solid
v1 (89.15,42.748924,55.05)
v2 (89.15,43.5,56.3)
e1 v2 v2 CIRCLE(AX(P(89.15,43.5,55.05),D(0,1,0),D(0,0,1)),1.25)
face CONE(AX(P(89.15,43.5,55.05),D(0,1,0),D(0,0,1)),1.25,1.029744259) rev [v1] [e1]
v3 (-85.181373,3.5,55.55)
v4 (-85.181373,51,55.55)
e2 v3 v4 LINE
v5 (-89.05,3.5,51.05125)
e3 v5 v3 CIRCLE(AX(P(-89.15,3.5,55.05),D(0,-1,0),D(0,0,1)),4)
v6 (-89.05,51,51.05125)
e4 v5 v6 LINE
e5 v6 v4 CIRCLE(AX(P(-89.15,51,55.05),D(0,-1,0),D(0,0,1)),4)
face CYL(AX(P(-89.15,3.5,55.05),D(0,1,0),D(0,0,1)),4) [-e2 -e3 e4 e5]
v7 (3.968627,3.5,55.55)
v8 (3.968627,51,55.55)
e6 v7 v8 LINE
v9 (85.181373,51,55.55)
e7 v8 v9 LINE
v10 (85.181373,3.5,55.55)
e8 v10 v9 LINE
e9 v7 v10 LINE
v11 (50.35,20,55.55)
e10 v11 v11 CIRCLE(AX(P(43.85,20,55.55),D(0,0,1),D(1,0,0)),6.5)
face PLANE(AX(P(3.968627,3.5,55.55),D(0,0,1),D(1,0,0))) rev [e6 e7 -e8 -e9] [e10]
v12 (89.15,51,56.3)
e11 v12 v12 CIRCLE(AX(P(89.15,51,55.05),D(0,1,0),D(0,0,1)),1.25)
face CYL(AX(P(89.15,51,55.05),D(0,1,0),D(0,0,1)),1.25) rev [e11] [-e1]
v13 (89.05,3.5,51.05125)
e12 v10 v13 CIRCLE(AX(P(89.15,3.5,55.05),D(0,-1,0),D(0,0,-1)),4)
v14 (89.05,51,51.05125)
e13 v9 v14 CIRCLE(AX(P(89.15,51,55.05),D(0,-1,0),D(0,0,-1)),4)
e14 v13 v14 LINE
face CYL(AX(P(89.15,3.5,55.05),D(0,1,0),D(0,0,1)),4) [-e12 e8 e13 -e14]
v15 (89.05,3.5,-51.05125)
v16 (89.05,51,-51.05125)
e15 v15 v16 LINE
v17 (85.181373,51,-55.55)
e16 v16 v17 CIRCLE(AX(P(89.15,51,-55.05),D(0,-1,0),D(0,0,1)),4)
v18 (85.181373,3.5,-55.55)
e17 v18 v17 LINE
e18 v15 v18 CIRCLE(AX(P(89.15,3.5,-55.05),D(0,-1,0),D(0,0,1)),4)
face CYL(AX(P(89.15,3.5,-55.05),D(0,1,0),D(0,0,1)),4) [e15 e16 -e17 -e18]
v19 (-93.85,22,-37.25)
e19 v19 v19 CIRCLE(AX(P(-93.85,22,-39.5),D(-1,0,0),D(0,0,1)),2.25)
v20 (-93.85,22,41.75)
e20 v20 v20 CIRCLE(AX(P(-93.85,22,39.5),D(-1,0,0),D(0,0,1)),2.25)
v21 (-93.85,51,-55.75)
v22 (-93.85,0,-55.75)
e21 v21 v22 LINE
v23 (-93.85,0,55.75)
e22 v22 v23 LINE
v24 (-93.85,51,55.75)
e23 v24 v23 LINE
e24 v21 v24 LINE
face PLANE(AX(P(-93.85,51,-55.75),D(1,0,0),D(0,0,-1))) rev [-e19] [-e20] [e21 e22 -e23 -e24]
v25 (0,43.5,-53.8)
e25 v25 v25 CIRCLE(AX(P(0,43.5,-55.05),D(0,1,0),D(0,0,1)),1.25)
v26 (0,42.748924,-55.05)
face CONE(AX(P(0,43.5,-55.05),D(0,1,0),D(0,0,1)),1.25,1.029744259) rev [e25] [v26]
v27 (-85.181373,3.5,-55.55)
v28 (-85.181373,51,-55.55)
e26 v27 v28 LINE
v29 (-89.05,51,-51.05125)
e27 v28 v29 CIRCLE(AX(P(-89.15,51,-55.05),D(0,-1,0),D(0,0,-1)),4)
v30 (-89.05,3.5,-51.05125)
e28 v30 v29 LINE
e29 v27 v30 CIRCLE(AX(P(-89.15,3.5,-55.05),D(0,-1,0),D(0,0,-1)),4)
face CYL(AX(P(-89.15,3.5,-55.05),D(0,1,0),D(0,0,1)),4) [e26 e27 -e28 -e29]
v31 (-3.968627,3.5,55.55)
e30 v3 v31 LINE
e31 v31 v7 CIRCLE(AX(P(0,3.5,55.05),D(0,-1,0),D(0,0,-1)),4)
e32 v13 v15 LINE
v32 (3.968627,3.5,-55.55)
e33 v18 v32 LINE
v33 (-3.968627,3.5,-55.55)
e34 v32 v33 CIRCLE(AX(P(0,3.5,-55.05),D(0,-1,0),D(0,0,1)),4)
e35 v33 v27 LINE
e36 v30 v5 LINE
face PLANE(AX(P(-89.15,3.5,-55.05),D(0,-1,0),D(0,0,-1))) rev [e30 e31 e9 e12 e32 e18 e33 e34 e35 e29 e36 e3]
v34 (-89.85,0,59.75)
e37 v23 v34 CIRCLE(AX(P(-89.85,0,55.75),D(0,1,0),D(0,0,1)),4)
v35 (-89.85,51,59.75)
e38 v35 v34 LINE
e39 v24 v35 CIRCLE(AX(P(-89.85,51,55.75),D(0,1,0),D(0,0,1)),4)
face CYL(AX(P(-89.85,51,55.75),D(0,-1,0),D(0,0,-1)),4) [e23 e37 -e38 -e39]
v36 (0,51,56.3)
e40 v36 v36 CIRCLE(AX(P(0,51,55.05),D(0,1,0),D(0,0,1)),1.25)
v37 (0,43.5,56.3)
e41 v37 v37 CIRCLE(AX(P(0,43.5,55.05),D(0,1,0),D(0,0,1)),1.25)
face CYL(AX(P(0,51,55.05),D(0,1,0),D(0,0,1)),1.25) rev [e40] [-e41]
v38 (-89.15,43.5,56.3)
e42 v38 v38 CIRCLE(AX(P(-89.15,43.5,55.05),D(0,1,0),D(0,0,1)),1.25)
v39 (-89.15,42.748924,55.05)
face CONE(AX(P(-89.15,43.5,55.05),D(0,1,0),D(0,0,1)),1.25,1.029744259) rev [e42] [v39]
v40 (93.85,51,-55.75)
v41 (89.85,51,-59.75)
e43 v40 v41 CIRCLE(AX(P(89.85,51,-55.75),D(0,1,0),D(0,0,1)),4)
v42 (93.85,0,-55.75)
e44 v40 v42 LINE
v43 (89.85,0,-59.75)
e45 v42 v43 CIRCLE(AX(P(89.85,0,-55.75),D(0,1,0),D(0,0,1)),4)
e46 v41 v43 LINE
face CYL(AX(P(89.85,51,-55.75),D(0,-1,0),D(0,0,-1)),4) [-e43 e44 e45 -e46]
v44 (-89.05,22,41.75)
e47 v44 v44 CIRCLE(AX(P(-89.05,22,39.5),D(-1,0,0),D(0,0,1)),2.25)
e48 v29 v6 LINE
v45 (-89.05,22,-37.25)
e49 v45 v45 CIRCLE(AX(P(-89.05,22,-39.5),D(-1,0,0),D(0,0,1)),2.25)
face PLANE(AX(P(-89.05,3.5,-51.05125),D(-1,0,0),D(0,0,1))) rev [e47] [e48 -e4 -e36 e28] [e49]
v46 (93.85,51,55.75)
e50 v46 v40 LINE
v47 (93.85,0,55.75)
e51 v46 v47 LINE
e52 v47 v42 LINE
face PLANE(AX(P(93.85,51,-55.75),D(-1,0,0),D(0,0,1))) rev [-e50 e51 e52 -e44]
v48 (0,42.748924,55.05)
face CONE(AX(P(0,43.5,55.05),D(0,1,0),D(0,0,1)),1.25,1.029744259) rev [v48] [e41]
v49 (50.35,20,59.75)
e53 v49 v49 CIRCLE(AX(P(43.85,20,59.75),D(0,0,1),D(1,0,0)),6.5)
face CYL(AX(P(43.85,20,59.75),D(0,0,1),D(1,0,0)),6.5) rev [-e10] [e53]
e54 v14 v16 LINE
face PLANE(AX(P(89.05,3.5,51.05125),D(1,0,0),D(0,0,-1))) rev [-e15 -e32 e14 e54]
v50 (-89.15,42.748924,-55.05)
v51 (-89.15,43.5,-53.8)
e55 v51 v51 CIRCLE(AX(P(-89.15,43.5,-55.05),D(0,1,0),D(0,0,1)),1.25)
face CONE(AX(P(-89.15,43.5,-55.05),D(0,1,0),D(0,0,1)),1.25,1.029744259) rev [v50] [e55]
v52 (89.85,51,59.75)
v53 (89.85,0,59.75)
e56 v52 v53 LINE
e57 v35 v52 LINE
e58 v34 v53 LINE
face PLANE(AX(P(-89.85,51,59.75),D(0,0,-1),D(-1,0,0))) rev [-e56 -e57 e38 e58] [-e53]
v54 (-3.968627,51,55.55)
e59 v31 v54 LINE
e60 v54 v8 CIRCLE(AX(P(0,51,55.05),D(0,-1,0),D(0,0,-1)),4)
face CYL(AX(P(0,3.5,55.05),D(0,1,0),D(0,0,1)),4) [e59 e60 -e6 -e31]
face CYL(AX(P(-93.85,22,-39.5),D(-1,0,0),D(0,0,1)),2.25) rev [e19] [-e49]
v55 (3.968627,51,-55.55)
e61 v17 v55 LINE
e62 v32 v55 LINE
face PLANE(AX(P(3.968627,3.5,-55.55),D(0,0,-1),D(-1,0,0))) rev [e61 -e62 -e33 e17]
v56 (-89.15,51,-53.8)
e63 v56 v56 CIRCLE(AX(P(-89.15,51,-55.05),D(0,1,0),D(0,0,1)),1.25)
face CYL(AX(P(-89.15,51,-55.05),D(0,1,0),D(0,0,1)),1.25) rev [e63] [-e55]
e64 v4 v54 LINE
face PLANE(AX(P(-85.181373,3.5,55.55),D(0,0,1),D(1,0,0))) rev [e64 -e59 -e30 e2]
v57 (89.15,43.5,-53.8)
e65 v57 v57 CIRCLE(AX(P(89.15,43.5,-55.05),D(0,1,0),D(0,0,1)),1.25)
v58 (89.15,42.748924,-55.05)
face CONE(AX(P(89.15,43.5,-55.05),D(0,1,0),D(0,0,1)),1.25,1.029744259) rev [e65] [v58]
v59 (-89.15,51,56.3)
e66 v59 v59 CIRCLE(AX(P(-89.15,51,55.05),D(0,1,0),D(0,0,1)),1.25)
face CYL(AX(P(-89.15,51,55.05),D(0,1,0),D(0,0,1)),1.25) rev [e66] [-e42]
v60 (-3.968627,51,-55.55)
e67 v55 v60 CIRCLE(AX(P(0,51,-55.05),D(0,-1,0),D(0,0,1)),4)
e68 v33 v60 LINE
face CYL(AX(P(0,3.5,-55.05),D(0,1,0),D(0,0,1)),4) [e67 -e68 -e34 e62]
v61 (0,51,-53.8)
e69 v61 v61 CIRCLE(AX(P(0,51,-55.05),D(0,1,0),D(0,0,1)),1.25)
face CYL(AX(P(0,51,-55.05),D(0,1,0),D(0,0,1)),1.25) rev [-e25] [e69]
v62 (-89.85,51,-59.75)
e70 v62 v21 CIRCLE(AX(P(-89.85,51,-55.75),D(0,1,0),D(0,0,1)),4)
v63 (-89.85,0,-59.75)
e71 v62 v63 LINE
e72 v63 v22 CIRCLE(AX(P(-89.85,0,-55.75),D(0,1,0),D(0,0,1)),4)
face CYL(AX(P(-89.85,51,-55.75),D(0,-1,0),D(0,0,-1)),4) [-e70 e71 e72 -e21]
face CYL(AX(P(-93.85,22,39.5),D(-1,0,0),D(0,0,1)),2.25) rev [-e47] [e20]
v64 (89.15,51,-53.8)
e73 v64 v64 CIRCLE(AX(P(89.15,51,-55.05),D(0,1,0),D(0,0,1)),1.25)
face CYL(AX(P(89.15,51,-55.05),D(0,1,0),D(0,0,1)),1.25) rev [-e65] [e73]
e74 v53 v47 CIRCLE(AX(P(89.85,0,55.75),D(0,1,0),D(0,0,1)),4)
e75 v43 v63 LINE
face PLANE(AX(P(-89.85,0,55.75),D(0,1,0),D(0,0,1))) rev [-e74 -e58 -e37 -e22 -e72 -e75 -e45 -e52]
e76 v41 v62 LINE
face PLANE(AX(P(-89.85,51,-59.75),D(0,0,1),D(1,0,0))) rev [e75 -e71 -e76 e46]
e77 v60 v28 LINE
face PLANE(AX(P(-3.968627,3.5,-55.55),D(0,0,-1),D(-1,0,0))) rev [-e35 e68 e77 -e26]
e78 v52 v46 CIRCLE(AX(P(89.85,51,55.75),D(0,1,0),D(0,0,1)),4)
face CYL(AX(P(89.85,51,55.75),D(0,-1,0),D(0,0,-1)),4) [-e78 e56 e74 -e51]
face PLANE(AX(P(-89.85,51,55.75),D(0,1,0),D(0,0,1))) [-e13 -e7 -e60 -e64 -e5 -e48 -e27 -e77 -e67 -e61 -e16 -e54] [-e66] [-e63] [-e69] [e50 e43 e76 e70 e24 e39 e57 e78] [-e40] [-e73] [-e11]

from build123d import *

# Parameters (mm, degrees)
BOSS_EXTRUDE1_DEPTH            = 51
CUT_EXTRUDE1_DEPTH             = 47.5
M3X0_5_TAPPED_HOLE1_D          = 2.5
M3X0_5_TAPPED_HOLE1_DEPTH      = 7.5
M3X0_5_TAPPED_HOLE1_TIP        = 0.751075774
M4_CLEARANCE_HOLE2_D           = 4.5
M4_CLEARANCE_HOLE2_DEPTH       = 4.8
F_13_0_13_DIAMETER_HOLE1_D     = 13
F_13_0_13_DIAMETER_HOLE1_DEPTH = 4.2


with BuildPart() as part:
    # Sketch1 → Boss-Extrude1 (new body)
    with BuildSketch(Plane(origin=(0, 0, 0), x_dir=(1, 0, 0), z_dir=(0, 1, 0))):
        with BuildLine():
            Line((-89.85, 59.75), (89.85, 59.75))
            ThreePointArc((89.85, 59.75), (92.678427125, 58.578427125), (93.85, 55.75))
            Line((93.85, 55.75), (93.85, -55.75))
            ThreePointArc((93.85, -55.75), (92.678427125, -58.578427125), (89.85, -59.75))
            Line((89.85, -59.75), (-89.85, -59.75))
            ThreePointArc((-89.85, -59.75), (-92.678427125, -58.578427125), (-93.85, -55.75))
            Line((-93.85, -55.75), (-93.85, 55.75))
            ThreePointArc((-93.85, 55.75), (-92.678427125, 58.578427125), (-89.85, 59.75))
        make_face()
    extrude(amount=BOSS_EXTRUDE1_DEPTH)

    # Sketch2 → Cut-Extrude1 (cut)
    with BuildSketch(Plane(origin=(0, 51, 0), x_dir=(1, 0, 0), z_dir=(0, 1, 0))):
        with BuildLine():
            Line((-89.05, 51.051250195), (-89.05, -51.051250195))
            ThreePointArc((-89.05, -51.051250195), (-86.117159945, -52.441958359), (-85.181373033, -55.55))
            Line((-85.181373033, -55.55), (-3.968626967, -55.55))
            ThreePointArc((-3.968626967, -55.55), (0, -51.05), (3.968626967, -55.55))
            Line((3.968626967, -55.55), (85.181373033, -55.55))
            ThreePointArc((85.181373033, -55.55), (86.117159945, -52.441958359), (89.05, -51.051250195))
            Line((89.05, -51.051250195), (89.05, 51.051250195))
            ThreePointArc((89.05, 51.051250195), (86.117159945, 52.441958359), (85.181373033, 55.55))
            Line((85.181373033, 55.55), (3.968626967, 55.55))
            ThreePointArc((3.968626967, 55.55), (0, 51.05), (-3.968626967, 55.55))
            Line((-3.968626967, 55.55), (-85.181373033, 55.55))
            ThreePointArc((-85.181373033, 55.55), (-86.117159945, 52.441958359), (-89.05, 51.051250195))
        make_face()
    extrude(amount=-CUT_EXTRUDE1_DEPTH, mode=Mode.SUBTRACT)

    # M3x0.5 Tapped Hole1
    with Locations(Plane(origin=(0, 51, 0), x_dir=(1, 0, 0), z_dir=(0, 1, 0))):
        with Locations((-89.15, 55.05), (-89.15, -55.05), (89.15, -55.05), (89.15, 55.05), (0, -55.05), (0, 55.05)):
            Hole(M3X0_5_TAPPED_HOLE1_D / 2, depth=M3X0_5_TAPPED_HOLE1_DEPTH)
            with Locations((0, 0, -(M3X0_5_TAPPED_HOLE1_DEPTH + M3X0_5_TAPPED_HOLE1_TIP / 2))):  # 118° drill point
                Cone(0, M3X0_5_TAPPED_HOLE1_D / 2, M3X0_5_TAPPED_HOLE1_TIP, mode=Mode.SUBTRACT)

    # M4 Clearance Hole2
    with Locations(Plane.ZY.offset(93.85)):
        with Locations((-39.5, 22), (39.5, 22)):
            Hole(M4_CLEARANCE_HOLE2_D / 2, depth=M4_CLEARANCE_HOLE2_DEPTH)

    # Ø13.0 (13) Diameter Hole1
    with Locations(Plane.XY.offset(59.75)):
        with Locations((43.85, 20)):
            Hole(F_13_0_13_DIAMETER_HOLE1_D / 2, depth=F_13_0_13_DIAMETER_HOLE1_DEPTH)


solid = part.part
